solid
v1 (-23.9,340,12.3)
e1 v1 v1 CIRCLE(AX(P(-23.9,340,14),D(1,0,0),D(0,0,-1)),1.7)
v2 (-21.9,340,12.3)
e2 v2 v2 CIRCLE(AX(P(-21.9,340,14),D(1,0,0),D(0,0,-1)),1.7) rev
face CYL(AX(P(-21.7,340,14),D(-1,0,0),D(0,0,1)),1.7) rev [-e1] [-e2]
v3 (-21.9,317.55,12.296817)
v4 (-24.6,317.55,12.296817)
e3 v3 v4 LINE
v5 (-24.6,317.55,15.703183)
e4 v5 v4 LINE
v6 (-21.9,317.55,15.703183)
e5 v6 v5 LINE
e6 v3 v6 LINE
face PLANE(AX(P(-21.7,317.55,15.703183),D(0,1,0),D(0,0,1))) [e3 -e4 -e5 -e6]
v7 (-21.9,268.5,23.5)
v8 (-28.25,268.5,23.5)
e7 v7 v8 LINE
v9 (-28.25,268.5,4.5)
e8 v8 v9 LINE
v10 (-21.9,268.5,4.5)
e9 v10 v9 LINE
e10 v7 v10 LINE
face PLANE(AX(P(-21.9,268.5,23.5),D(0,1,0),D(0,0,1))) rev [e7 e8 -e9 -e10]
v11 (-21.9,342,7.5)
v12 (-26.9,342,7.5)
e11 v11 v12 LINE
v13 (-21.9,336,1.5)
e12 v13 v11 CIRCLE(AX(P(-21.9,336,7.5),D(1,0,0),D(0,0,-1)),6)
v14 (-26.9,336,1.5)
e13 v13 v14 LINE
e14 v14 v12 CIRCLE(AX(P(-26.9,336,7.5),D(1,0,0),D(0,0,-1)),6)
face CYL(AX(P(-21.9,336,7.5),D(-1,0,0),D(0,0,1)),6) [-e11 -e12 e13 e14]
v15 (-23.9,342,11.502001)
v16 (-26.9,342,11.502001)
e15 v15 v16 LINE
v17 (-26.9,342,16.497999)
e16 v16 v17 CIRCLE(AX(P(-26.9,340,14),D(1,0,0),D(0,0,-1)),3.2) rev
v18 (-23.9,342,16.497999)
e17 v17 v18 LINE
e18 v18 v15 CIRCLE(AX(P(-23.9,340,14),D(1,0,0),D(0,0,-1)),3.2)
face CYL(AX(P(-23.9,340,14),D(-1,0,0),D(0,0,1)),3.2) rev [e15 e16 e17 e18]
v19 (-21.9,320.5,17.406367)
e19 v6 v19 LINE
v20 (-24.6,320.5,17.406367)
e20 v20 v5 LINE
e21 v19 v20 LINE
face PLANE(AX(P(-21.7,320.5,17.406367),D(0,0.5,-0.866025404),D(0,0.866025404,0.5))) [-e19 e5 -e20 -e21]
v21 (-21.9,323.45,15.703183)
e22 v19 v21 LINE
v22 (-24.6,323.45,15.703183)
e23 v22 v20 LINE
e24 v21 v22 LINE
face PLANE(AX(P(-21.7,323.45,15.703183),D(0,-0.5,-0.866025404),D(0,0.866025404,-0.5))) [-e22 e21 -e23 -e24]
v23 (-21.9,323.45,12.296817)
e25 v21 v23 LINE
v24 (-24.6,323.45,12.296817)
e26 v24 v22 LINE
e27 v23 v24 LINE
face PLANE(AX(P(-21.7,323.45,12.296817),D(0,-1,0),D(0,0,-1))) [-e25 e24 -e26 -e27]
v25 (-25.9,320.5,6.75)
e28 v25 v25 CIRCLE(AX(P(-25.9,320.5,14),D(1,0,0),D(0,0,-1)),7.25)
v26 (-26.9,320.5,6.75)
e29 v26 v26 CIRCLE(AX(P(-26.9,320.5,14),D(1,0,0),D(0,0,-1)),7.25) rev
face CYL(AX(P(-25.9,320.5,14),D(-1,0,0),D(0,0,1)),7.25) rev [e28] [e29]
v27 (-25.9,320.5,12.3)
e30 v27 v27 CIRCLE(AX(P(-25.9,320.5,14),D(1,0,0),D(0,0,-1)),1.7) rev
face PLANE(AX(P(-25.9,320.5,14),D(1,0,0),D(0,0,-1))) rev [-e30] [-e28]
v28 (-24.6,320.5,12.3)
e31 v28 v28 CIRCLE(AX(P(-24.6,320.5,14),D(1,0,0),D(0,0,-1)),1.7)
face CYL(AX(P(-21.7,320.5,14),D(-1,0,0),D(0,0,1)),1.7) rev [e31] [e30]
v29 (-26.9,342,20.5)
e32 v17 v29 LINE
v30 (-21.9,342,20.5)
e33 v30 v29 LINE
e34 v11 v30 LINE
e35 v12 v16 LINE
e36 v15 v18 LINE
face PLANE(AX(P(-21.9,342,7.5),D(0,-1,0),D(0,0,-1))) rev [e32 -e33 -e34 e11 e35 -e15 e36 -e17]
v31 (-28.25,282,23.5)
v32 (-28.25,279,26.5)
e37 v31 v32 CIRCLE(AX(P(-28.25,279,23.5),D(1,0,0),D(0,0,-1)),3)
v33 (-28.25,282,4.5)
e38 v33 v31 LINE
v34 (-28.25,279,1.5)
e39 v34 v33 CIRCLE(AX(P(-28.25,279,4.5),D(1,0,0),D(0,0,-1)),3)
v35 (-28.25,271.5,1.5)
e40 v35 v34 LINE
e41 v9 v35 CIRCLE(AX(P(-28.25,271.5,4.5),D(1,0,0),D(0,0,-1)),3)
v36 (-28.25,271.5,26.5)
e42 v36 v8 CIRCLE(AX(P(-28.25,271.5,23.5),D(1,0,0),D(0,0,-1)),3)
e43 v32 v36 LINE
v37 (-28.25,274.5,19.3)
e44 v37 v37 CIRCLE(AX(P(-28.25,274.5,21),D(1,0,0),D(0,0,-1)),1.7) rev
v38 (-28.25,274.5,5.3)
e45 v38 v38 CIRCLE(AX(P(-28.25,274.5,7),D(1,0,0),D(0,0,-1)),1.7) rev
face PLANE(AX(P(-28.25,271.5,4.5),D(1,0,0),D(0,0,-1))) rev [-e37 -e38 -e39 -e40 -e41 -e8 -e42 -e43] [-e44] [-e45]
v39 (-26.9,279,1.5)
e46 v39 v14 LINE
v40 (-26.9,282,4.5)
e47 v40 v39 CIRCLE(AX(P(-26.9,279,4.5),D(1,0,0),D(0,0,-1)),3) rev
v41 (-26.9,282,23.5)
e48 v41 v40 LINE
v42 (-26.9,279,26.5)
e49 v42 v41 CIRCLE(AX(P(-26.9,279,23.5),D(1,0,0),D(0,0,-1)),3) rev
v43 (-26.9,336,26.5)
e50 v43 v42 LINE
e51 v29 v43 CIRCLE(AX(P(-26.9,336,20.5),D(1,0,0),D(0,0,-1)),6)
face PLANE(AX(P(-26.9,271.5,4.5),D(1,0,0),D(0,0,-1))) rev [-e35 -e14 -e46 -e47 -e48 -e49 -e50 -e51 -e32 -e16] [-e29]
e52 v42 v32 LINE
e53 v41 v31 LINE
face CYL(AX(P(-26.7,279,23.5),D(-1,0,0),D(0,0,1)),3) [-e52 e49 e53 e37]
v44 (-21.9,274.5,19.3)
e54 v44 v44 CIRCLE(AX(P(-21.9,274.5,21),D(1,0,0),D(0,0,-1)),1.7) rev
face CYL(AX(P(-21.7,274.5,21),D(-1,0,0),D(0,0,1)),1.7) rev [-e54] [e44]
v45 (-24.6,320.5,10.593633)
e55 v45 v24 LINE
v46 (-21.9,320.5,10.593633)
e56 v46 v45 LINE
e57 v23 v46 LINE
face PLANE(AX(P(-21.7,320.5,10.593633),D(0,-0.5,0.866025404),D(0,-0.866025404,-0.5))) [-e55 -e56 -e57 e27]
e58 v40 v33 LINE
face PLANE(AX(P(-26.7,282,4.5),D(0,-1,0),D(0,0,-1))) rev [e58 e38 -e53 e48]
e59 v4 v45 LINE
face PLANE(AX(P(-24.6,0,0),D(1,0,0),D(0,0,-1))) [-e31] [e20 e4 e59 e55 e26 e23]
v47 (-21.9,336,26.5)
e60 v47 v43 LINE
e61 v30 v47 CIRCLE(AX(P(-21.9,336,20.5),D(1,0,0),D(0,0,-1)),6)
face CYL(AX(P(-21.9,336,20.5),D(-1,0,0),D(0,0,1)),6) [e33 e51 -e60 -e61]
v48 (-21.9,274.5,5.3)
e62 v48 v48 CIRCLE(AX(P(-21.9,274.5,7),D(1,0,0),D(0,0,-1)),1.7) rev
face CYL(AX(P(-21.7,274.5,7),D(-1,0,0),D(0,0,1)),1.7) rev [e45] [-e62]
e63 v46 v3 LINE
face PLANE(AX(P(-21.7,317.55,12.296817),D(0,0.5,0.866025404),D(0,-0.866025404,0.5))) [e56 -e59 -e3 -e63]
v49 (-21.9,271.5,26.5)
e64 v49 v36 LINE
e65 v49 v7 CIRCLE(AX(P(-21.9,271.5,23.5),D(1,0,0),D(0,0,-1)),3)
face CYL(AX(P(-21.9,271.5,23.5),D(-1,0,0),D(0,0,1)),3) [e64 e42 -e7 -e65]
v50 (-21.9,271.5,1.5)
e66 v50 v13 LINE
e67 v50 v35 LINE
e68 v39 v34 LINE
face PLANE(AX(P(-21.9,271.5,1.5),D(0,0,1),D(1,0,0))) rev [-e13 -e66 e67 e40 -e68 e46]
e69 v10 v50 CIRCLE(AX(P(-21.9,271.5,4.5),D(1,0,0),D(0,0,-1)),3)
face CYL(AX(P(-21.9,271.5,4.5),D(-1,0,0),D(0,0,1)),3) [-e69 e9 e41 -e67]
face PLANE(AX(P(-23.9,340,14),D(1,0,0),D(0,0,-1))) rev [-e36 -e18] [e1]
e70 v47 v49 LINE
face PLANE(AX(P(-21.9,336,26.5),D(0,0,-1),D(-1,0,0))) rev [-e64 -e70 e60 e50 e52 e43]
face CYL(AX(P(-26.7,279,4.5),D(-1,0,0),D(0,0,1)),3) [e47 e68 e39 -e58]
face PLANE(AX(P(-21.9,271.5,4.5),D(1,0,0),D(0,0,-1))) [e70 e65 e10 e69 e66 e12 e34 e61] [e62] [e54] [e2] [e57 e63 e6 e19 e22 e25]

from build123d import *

# Parameters (mm, degrees)
COVER_START       = -26.9
COVER_PLATE_DEPTH = 5
TAIL_START        = -28.25
TAIL_PAD_DEPTH    = 1.55
PIN_START         = -27.1
SKETCH3_R         = 7.25
PIN_SEAT_DEPTH    = 1.2
BOLT_START        = -28.55
SKETCH4_R         = 1.7
BOLT_HOLES_DEPTH  = 6.85
PIN_START_2       = -24.6
PIN_NUT_DEPTH     = 2.9
COUNTERBORE_START = -27.1
SKETCH6_R         = 3.2
COUNTERBORE_DEPTH = 3.2


with BuildPart() as part:
    # Sketch1 → Cover plate (new body)
    with BuildSketch(Plane(origin=(0, 0, 0), x_dir=(0, 0, -1), z_dir=(1, 0, 0)).offset(COVER_START)):
        with BuildLine():
            Line((-1.5, 271.5), (-1.5, 336))
            ThreePointArc((-1.5, 336), (-3.257359313, 340.242640687), (-7.5, 342))
            Line((-7.5, 342), (-20.5, 342))
            ThreePointArc((-20.5, 342), (-24.742640687, 340.242640687), (-26.5, 336))
            Line((-26.5, 336), (-26.5, 271.5))
            ThreePointArc((-26.5, 271.5), (-25.621320344, 269.378679656), (-23.5, 268.5))
            Line((-23.5, 268.5), (-4.5, 268.5))
            ThreePointArc((-4.5, 268.5), (-2.378679656, 269.378679656), (-1.5, 271.5))
        make_face()
    extrude(amount=COVER_PLATE_DEPTH)

    # Sketch2 → Tail pad (add)
    with BuildSketch(Plane(origin=(0, 0, 0), x_dir=(0, 0, -1), z_dir=(1, 0, 0)).offset(TAIL_START)):
        with BuildLine():
            Line((-1.5, 271.5), (-1.5, 279))
            ThreePointArc((-1.5, 279), (-2.378679656, 281.121320344), (-4.5, 282))
            Line((-4.5, 282), (-23.5, 282))
            ThreePointArc((-23.5, 282), (-25.621320344, 281.121320344), (-26.5, 279))
            Line((-26.5, 279), (-26.5, 271.5))
            ThreePointArc((-26.5, 271.5), (-25.621320344, 269.378679656), (-23.5, 268.5))
            Line((-23.5, 268.5), (-4.5, 268.5))
            ThreePointArc((-4.5, 268.5), (-2.378679656, 269.378679656), (-1.5, 271.5))
        make_face()
    extrude(amount=TAIL_PAD_DEPTH)

    # Sketch3 → Pin seat (cut)
    with BuildSketch(Plane(origin=(0, 0, 0), x_dir=(0, 0, -1), z_dir=(1, 0, 0)).offset(PIN_START)):
        with Locations((-14, 320.5)):
            Circle(SKETCH3_R)
    extrude(amount=PIN_SEAT_DEPTH, mode=Mode.SUBTRACT)

    # Sketch4 → Bolt holes (cut)
    with BuildSketch(Plane(origin=(0, 0, 0), x_dir=(0, 0, -1), z_dir=(1, 0, 0)).offset(BOLT_START)):
        with Locations((-14, 320.5)):
            Circle(SKETCH4_R)
        with Locations((-7, 274.5)):
            Circle(SKETCH4_R)
        with Locations((-21, 274.5)):
            Circle(SKETCH4_R)
        with Locations((-14, 340)):
            Circle(SKETCH4_R)
    extrude(amount=BOLT_HOLES_DEPTH, mode=Mode.SUBTRACT)

    # Sketch5 → Pin nut (cut)
    with BuildSketch(Plane(origin=(0, 0, 0), x_dir=(0, 0, -1), z_dir=(1, 0, 0)).offset(PIN_START_2)):
        Polygon((-15.703183294, 323.45), (-17.406366588, 320.5), (-15.703183294, 317.55), (-12.296816706, 317.55), (-10.593633412, 320.5), (-12.296816706, 323.45), align=None)
    extrude(amount=PIN_NUT_DEPTH, mode=Mode.SUBTRACT)

    # Sketch6 → Counterbore (cut)
    with BuildSketch(Plane(origin=(0, 0, 0), x_dir=(0, 0, -1), z_dir=(1, 0, 0)).offset(COUNTERBORE_START)):
        with Locations((-14, 340)):
            Circle(SKETCH6_R)
    extrude(amount=COUNTERBORE_DEPTH, mode=Mode.SUBTRACT)


solid = part.part
